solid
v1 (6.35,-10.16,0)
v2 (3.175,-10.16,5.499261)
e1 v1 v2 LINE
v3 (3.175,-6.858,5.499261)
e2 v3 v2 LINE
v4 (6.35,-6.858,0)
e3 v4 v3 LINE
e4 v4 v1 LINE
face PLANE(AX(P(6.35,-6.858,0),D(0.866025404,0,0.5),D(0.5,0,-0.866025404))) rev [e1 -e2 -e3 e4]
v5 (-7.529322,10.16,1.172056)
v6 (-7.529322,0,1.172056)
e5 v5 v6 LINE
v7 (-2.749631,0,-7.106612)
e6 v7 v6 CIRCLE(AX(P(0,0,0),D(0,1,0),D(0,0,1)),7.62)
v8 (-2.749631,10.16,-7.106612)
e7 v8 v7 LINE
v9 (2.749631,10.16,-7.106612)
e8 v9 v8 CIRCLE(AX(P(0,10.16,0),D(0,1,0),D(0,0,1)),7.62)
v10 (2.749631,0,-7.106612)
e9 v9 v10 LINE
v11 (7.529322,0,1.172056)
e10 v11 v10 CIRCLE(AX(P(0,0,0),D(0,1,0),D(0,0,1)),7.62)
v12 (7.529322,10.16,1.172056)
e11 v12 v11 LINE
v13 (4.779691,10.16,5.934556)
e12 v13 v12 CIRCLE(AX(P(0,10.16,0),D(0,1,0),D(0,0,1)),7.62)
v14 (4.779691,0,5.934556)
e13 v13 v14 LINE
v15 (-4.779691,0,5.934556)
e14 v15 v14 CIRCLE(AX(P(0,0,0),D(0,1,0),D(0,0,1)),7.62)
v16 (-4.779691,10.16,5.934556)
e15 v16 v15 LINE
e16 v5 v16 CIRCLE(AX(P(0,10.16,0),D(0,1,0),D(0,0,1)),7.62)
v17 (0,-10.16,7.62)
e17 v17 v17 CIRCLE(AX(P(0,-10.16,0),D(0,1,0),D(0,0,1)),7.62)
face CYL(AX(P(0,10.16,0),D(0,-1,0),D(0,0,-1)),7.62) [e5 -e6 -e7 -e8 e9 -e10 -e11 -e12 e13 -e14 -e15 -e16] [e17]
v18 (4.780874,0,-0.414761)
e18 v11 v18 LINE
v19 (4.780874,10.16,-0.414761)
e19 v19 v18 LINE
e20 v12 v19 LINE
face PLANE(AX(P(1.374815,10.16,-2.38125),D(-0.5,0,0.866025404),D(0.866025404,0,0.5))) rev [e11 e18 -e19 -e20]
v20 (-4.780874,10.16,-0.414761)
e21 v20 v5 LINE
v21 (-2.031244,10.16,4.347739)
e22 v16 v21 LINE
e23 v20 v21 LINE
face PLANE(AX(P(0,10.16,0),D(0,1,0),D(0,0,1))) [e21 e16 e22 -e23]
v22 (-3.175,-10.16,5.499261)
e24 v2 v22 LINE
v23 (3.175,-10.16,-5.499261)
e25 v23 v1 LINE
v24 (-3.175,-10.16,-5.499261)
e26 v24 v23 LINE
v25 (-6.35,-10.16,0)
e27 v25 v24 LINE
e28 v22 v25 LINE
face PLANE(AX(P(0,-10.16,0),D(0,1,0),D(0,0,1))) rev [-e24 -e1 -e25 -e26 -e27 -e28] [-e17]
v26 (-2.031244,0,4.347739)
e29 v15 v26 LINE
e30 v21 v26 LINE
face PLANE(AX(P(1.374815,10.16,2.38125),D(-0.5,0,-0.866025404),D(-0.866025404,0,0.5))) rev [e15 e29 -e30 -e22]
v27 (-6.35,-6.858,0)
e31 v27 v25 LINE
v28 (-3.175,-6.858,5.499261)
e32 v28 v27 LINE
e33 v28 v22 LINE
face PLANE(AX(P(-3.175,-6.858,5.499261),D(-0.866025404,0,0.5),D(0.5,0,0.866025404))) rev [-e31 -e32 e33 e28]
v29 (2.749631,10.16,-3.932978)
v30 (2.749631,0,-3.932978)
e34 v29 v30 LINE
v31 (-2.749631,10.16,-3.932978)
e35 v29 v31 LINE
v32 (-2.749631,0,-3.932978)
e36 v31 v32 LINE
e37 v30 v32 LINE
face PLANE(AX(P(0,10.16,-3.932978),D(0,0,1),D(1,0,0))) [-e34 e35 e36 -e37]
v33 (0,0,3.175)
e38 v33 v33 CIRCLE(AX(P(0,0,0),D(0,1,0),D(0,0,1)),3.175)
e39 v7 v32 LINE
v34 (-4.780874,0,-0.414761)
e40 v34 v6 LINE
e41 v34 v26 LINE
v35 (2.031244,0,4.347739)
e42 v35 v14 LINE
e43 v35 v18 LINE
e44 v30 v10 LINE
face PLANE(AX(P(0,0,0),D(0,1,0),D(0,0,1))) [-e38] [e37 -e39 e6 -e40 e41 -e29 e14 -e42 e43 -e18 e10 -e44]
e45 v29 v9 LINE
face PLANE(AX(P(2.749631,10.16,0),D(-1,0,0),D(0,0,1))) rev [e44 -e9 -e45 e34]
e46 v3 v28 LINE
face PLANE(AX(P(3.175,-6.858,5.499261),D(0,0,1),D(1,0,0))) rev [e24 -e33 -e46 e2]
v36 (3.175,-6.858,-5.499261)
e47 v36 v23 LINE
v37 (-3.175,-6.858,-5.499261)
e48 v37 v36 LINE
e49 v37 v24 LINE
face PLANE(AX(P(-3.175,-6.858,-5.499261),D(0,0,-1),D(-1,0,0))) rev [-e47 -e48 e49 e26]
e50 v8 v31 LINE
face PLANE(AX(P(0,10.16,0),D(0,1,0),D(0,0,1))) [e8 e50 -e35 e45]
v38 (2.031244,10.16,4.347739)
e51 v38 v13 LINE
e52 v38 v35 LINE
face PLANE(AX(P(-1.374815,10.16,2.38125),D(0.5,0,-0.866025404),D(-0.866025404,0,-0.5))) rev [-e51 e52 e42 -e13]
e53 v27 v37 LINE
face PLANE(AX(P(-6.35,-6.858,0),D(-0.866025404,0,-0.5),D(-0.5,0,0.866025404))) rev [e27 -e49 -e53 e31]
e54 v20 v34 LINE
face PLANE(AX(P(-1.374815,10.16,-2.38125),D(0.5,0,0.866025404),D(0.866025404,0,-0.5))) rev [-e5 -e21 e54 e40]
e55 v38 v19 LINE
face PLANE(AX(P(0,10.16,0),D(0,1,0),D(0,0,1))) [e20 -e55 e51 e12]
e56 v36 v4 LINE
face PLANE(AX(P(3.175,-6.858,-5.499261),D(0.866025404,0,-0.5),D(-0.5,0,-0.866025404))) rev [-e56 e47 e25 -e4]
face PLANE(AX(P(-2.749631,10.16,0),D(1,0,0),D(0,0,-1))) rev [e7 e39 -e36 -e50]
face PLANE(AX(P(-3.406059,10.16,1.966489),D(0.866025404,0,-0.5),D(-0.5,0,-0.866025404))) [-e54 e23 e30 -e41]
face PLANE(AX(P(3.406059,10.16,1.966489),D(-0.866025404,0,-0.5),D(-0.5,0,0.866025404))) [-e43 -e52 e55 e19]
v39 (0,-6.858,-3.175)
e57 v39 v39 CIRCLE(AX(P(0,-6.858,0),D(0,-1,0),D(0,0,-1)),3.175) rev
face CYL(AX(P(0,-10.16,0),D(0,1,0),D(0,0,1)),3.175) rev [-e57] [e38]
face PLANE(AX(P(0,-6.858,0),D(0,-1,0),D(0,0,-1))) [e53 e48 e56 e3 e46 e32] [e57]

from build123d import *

# Parameters (mm, degrees)
BOSS_EXTRUDE1_DEPTH   = 10.16
BOSS_EXTRUDE1_2_DEPTH = 10.16
BOSS_EXTRUDE1_3_DEPTH = 10.16
BOSS_EXTRUDE2_START   = -10.16
SKETCH1_4_R           = 7.62
SKETCH1_4_R_2         = 3.175
BOSS_EXTRUDE2_DEPTH   = 10.16
CUT_EXTRUDE1_DEPTH    = 3.302


with BuildPart() as part:
    # Sketch1 → Boss-Extrude1 (new body)
    with BuildSketch(Plane(origin=(0, 0, 0), x_dir=(1, 0, 0), z_dir=(0, 1, 0))):
        with BuildLine():
            ThreePointArc((-7.529321681, -1.172055899), (-6.599113577, -3.81), (-4.779691024, -5.934555899))
            Line((-4.779691024, -5.934555899), (-2.031243586, -4.347739031))
            Line((-2.031243586, -4.347739031), (-4.780874243, 0.414760969))
            Line((-4.780874243, 0.414760969), (-7.529321681, -1.172055899))
        make_face()
    extrude(amount=BOSS_EXTRUDE1_DEPTH)



with BuildPart() as body_2:
    # Sketch1 → Boss-Extrude1 2 (new body)
    with BuildSketch(Plane(origin=(0, 0, 0), x_dir=(1, 0, 0), z_dir=(0, 1, 0))):
        with BuildLine():
            Line((2.031243586, -4.347739031), (4.779691024, -5.934555899))
            ThreePointArc((4.779691024, -5.934555899), (6.599113577, -3.81), (7.529321681, -1.172055899))
            Line((7.529321681, -1.172055899), (4.780874243, 0.414760969))
            Line((4.780874243, 0.414760969), (2.031243586, -4.347739031))
        make_face()
    extrude(amount=BOSS_EXTRUDE1_2_DEPTH)


with BuildPart() as body_3:
    # Sketch1 → Boss-Extrude1 3 (new body)
    with BuildSketch(Plane(origin=(0, 0, 0), x_dir=(1, 0, 0), z_dir=(0, 1, 0))):
        with BuildLine():
            ThreePointArc((2.749630657, 7.106611798), (0, 7.62), (-2.749630657, 7.106611798))
            Line((-2.749630657, 7.106611798), (-2.749630657, 3.932978062))
            Line((-2.749630657, 3.932978062), (2.749630657, 3.932978062))
            Line((2.749630657, 3.932978062), (2.749630657, 7.106611798))
        make_face()
    extrude(amount=BOSS_EXTRUDE1_3_DEPTH)


with BuildPart() as part_1:
    add(part.part)

    add(body_2.part)  # Boss-Extrude2 merges body 2

    add(body_3.part)  # Boss-Extrude2 merges body 3
    # Sketch1<4> → Boss-Extrude2 (add)
    with BuildSketch(Plane(origin=(0, 0, 0), x_dir=(1, 0, 0), z_dir=(0, 1, 0)).offset(BOSS_EXTRUDE2_START)):
        Circle(SKETCH1_4_R)
        Circle(SKETCH1_4_R_2, mode=Mode.SUBTRACT)
    extrude(amount=BOSS_EXTRUDE2_DEPTH)

    # Sketch2 → Cut-Extrude1 (cut)
    with BuildSketch(Plane.XZ.offset(10.16)):
        Polygon((6.35, 0), (3.175, 5.499261314), (-3.175, 5.499261314), (-6.35, 0), (-3.175, -5.499261314), (3.175, -5.499261314), align=None)
    extrude(amount=-CUT_EXTRUDE1_DEPTH, mode=Mode.SUBTRACT)


solid = part_1.part
